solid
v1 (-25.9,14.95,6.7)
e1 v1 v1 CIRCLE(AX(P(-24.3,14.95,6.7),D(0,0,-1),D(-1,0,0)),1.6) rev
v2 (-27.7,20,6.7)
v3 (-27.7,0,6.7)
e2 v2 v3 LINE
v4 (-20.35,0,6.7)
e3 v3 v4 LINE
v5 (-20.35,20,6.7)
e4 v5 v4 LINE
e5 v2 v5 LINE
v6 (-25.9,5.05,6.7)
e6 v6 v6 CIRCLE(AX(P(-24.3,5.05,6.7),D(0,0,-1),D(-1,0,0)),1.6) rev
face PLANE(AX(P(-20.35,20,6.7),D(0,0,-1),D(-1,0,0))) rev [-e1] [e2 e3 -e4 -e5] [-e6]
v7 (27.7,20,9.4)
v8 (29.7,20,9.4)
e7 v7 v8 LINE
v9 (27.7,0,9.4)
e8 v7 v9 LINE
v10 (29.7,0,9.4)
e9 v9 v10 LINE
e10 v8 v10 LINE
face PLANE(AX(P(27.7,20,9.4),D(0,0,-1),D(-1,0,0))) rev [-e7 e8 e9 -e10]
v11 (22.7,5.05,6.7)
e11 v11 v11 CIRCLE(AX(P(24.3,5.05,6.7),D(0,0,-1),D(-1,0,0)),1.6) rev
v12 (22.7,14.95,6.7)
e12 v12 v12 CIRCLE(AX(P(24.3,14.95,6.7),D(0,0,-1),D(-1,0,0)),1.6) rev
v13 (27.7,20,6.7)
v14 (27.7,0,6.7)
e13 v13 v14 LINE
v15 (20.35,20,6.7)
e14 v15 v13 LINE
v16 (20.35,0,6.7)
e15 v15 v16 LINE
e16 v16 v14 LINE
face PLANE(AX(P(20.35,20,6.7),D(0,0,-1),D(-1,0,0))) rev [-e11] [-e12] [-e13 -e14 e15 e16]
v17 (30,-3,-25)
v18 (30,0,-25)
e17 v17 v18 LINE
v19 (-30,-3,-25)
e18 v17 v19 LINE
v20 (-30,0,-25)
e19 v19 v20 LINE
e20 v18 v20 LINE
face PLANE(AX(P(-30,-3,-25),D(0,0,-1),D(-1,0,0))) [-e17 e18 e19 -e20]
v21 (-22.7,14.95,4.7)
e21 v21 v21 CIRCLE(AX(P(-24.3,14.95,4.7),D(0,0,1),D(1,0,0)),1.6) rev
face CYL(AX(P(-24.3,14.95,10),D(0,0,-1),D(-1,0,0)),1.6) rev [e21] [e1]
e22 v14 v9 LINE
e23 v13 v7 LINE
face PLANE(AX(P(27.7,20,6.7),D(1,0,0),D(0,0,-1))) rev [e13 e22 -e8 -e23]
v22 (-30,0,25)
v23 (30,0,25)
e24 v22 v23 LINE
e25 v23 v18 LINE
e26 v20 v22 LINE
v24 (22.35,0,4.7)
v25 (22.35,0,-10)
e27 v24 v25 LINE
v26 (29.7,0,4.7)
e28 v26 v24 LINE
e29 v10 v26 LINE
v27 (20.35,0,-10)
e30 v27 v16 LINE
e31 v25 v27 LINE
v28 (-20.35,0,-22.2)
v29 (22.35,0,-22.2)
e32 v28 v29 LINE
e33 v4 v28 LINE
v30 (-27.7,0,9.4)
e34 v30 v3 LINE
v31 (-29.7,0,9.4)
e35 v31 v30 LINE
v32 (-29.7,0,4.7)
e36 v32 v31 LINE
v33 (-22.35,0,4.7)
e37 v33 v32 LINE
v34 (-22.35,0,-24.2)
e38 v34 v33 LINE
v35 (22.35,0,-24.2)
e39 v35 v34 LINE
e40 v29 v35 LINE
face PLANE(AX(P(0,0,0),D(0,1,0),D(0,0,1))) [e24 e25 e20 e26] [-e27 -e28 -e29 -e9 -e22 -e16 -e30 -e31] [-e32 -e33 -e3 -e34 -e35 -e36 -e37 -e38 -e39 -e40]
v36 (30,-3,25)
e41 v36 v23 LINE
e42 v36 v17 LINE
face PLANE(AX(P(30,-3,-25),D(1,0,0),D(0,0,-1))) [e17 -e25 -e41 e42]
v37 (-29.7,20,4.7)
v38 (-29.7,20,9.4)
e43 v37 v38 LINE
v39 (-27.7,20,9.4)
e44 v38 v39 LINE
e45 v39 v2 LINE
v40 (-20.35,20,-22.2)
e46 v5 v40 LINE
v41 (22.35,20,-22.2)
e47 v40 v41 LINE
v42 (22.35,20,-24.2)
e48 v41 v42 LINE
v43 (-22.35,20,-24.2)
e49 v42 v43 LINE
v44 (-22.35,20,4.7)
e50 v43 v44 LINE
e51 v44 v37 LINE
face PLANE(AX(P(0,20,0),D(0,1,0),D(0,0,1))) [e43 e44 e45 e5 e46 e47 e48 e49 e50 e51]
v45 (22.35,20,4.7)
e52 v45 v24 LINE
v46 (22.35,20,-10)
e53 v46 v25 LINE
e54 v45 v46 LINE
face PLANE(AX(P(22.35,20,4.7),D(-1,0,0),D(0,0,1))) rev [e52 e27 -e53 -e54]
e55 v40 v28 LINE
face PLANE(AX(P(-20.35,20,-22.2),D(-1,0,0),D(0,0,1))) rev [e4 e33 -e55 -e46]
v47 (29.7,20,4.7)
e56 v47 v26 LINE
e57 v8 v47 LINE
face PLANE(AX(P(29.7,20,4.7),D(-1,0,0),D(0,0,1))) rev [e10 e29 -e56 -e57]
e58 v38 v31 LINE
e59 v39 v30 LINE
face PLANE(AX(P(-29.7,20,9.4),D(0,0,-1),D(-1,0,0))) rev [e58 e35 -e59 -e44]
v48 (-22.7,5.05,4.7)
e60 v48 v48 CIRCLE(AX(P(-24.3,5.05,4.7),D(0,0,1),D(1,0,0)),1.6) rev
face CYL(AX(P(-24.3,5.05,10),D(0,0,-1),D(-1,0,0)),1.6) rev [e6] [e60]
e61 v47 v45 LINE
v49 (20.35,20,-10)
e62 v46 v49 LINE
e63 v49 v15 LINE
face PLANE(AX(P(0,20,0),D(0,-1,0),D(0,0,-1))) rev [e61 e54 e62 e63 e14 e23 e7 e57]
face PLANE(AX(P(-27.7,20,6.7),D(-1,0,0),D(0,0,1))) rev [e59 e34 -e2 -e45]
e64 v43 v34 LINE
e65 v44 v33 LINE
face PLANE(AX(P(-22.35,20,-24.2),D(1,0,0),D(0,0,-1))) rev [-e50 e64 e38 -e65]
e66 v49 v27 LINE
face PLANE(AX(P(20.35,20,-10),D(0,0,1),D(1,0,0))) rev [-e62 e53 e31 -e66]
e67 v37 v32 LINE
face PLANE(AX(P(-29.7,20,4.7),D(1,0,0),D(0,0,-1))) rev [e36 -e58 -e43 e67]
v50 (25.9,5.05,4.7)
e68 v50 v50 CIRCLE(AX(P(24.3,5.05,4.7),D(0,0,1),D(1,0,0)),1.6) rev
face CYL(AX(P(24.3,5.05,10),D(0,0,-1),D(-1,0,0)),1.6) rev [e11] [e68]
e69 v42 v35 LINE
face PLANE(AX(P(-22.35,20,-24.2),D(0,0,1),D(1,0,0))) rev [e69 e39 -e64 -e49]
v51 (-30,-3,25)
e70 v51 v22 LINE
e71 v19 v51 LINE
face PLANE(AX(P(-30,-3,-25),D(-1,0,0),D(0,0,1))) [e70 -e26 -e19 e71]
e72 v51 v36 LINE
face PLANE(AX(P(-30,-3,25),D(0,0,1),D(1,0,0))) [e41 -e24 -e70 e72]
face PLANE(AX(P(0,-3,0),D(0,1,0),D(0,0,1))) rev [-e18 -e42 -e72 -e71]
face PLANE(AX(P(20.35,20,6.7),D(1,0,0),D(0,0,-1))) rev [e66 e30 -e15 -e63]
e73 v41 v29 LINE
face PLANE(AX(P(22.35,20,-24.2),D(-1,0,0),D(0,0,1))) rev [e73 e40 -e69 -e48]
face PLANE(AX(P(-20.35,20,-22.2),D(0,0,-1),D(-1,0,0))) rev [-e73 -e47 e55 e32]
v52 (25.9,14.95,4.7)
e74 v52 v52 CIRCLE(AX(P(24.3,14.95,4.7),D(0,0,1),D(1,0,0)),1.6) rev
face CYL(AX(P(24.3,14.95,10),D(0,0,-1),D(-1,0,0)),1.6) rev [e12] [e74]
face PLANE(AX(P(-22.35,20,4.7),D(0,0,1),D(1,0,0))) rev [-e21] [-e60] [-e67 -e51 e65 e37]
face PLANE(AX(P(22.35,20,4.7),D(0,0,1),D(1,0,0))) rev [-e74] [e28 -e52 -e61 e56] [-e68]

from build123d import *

# Parameters (mm, degrees)
BOSS_EXTRUDE2_DEPTH   = 20
BOSS_EXTRUDE2_2_DEPTH = 20
SKETCH3_W             = 60
SKETCH3_H             = 50
BOSS_EXTRUDE3_DEPTH   = 3
SKETCH4_R             = 1.6
CUT_EXTRUDE1_DEPTH    = 10


with BuildPart() as part:
    # Sketch1 → Boss-Extrude2 (new body)
    with BuildSketch(Plane(origin=(0, 0, 0), x_dir=(1, 0, 0), z_dir=(0, 1, 0))):
        Polygon((-20.35, 22.2), (22.35, 22.2), (22.35, 24.2), (-22.35, 24.2), (-22.35, -4.7), (-29.7, -4.7), (-29.7, -9.4), (-27.7, -9.4), (-27.7, -6.7), (-20.35, -6.7), align=None)
    extrude(amount=BOSS_EXTRUDE2_DEPTH)



with BuildPart() as body_2:
    # Sketch1 → Boss-Extrude2 2 (new body)
    with BuildSketch(Plane(origin=(0, 0, 0), x_dir=(1, 0, 0), z_dir=(0, 1, 0))):
        Polygon((20.35, -6.7), (20.35, 10), (22.35, 10), (22.35, -4.7), (29.7, -4.7), (29.7, -9.4), (27.7, -9.4), (27.7, -6.7), align=None)
    extrude(amount=BOSS_EXTRUDE2_2_DEPTH)


with BuildPart() as part_1:
    add(part.part)

    add(body_2.part)  # Boss-Extrude3 merges body 2
    # Sketch3 → Boss-Extrude3 (add)
    with BuildSketch(Plane(origin=(0, 0, 0), x_dir=(1, 0, 0), z_dir=(0, 1, 0))):
        Rectangle(SKETCH3_W, SKETCH3_H)
    extrude(amount=-BOSS_EXTRUDE3_DEPTH)

    # Sketch4 → Cut-Extrude1 (cut)
    with BuildSketch(Plane.XY):
        with Locations((-24.3, 14.95)):
            Circle(SKETCH4_R)
        with Locations((24.3, 14.95)):
            Circle(SKETCH4_R)
        with Locations((24.3, 5.05)):
            Circle(SKETCH4_R)
        with Locations((-24.3, 5.05)):
            Circle(SKETCH4_R)
    extrude(amount=CUT_EXTRUDE1_DEPTH, mode=Mode.SUBTRACT)


solid = part_1.part
